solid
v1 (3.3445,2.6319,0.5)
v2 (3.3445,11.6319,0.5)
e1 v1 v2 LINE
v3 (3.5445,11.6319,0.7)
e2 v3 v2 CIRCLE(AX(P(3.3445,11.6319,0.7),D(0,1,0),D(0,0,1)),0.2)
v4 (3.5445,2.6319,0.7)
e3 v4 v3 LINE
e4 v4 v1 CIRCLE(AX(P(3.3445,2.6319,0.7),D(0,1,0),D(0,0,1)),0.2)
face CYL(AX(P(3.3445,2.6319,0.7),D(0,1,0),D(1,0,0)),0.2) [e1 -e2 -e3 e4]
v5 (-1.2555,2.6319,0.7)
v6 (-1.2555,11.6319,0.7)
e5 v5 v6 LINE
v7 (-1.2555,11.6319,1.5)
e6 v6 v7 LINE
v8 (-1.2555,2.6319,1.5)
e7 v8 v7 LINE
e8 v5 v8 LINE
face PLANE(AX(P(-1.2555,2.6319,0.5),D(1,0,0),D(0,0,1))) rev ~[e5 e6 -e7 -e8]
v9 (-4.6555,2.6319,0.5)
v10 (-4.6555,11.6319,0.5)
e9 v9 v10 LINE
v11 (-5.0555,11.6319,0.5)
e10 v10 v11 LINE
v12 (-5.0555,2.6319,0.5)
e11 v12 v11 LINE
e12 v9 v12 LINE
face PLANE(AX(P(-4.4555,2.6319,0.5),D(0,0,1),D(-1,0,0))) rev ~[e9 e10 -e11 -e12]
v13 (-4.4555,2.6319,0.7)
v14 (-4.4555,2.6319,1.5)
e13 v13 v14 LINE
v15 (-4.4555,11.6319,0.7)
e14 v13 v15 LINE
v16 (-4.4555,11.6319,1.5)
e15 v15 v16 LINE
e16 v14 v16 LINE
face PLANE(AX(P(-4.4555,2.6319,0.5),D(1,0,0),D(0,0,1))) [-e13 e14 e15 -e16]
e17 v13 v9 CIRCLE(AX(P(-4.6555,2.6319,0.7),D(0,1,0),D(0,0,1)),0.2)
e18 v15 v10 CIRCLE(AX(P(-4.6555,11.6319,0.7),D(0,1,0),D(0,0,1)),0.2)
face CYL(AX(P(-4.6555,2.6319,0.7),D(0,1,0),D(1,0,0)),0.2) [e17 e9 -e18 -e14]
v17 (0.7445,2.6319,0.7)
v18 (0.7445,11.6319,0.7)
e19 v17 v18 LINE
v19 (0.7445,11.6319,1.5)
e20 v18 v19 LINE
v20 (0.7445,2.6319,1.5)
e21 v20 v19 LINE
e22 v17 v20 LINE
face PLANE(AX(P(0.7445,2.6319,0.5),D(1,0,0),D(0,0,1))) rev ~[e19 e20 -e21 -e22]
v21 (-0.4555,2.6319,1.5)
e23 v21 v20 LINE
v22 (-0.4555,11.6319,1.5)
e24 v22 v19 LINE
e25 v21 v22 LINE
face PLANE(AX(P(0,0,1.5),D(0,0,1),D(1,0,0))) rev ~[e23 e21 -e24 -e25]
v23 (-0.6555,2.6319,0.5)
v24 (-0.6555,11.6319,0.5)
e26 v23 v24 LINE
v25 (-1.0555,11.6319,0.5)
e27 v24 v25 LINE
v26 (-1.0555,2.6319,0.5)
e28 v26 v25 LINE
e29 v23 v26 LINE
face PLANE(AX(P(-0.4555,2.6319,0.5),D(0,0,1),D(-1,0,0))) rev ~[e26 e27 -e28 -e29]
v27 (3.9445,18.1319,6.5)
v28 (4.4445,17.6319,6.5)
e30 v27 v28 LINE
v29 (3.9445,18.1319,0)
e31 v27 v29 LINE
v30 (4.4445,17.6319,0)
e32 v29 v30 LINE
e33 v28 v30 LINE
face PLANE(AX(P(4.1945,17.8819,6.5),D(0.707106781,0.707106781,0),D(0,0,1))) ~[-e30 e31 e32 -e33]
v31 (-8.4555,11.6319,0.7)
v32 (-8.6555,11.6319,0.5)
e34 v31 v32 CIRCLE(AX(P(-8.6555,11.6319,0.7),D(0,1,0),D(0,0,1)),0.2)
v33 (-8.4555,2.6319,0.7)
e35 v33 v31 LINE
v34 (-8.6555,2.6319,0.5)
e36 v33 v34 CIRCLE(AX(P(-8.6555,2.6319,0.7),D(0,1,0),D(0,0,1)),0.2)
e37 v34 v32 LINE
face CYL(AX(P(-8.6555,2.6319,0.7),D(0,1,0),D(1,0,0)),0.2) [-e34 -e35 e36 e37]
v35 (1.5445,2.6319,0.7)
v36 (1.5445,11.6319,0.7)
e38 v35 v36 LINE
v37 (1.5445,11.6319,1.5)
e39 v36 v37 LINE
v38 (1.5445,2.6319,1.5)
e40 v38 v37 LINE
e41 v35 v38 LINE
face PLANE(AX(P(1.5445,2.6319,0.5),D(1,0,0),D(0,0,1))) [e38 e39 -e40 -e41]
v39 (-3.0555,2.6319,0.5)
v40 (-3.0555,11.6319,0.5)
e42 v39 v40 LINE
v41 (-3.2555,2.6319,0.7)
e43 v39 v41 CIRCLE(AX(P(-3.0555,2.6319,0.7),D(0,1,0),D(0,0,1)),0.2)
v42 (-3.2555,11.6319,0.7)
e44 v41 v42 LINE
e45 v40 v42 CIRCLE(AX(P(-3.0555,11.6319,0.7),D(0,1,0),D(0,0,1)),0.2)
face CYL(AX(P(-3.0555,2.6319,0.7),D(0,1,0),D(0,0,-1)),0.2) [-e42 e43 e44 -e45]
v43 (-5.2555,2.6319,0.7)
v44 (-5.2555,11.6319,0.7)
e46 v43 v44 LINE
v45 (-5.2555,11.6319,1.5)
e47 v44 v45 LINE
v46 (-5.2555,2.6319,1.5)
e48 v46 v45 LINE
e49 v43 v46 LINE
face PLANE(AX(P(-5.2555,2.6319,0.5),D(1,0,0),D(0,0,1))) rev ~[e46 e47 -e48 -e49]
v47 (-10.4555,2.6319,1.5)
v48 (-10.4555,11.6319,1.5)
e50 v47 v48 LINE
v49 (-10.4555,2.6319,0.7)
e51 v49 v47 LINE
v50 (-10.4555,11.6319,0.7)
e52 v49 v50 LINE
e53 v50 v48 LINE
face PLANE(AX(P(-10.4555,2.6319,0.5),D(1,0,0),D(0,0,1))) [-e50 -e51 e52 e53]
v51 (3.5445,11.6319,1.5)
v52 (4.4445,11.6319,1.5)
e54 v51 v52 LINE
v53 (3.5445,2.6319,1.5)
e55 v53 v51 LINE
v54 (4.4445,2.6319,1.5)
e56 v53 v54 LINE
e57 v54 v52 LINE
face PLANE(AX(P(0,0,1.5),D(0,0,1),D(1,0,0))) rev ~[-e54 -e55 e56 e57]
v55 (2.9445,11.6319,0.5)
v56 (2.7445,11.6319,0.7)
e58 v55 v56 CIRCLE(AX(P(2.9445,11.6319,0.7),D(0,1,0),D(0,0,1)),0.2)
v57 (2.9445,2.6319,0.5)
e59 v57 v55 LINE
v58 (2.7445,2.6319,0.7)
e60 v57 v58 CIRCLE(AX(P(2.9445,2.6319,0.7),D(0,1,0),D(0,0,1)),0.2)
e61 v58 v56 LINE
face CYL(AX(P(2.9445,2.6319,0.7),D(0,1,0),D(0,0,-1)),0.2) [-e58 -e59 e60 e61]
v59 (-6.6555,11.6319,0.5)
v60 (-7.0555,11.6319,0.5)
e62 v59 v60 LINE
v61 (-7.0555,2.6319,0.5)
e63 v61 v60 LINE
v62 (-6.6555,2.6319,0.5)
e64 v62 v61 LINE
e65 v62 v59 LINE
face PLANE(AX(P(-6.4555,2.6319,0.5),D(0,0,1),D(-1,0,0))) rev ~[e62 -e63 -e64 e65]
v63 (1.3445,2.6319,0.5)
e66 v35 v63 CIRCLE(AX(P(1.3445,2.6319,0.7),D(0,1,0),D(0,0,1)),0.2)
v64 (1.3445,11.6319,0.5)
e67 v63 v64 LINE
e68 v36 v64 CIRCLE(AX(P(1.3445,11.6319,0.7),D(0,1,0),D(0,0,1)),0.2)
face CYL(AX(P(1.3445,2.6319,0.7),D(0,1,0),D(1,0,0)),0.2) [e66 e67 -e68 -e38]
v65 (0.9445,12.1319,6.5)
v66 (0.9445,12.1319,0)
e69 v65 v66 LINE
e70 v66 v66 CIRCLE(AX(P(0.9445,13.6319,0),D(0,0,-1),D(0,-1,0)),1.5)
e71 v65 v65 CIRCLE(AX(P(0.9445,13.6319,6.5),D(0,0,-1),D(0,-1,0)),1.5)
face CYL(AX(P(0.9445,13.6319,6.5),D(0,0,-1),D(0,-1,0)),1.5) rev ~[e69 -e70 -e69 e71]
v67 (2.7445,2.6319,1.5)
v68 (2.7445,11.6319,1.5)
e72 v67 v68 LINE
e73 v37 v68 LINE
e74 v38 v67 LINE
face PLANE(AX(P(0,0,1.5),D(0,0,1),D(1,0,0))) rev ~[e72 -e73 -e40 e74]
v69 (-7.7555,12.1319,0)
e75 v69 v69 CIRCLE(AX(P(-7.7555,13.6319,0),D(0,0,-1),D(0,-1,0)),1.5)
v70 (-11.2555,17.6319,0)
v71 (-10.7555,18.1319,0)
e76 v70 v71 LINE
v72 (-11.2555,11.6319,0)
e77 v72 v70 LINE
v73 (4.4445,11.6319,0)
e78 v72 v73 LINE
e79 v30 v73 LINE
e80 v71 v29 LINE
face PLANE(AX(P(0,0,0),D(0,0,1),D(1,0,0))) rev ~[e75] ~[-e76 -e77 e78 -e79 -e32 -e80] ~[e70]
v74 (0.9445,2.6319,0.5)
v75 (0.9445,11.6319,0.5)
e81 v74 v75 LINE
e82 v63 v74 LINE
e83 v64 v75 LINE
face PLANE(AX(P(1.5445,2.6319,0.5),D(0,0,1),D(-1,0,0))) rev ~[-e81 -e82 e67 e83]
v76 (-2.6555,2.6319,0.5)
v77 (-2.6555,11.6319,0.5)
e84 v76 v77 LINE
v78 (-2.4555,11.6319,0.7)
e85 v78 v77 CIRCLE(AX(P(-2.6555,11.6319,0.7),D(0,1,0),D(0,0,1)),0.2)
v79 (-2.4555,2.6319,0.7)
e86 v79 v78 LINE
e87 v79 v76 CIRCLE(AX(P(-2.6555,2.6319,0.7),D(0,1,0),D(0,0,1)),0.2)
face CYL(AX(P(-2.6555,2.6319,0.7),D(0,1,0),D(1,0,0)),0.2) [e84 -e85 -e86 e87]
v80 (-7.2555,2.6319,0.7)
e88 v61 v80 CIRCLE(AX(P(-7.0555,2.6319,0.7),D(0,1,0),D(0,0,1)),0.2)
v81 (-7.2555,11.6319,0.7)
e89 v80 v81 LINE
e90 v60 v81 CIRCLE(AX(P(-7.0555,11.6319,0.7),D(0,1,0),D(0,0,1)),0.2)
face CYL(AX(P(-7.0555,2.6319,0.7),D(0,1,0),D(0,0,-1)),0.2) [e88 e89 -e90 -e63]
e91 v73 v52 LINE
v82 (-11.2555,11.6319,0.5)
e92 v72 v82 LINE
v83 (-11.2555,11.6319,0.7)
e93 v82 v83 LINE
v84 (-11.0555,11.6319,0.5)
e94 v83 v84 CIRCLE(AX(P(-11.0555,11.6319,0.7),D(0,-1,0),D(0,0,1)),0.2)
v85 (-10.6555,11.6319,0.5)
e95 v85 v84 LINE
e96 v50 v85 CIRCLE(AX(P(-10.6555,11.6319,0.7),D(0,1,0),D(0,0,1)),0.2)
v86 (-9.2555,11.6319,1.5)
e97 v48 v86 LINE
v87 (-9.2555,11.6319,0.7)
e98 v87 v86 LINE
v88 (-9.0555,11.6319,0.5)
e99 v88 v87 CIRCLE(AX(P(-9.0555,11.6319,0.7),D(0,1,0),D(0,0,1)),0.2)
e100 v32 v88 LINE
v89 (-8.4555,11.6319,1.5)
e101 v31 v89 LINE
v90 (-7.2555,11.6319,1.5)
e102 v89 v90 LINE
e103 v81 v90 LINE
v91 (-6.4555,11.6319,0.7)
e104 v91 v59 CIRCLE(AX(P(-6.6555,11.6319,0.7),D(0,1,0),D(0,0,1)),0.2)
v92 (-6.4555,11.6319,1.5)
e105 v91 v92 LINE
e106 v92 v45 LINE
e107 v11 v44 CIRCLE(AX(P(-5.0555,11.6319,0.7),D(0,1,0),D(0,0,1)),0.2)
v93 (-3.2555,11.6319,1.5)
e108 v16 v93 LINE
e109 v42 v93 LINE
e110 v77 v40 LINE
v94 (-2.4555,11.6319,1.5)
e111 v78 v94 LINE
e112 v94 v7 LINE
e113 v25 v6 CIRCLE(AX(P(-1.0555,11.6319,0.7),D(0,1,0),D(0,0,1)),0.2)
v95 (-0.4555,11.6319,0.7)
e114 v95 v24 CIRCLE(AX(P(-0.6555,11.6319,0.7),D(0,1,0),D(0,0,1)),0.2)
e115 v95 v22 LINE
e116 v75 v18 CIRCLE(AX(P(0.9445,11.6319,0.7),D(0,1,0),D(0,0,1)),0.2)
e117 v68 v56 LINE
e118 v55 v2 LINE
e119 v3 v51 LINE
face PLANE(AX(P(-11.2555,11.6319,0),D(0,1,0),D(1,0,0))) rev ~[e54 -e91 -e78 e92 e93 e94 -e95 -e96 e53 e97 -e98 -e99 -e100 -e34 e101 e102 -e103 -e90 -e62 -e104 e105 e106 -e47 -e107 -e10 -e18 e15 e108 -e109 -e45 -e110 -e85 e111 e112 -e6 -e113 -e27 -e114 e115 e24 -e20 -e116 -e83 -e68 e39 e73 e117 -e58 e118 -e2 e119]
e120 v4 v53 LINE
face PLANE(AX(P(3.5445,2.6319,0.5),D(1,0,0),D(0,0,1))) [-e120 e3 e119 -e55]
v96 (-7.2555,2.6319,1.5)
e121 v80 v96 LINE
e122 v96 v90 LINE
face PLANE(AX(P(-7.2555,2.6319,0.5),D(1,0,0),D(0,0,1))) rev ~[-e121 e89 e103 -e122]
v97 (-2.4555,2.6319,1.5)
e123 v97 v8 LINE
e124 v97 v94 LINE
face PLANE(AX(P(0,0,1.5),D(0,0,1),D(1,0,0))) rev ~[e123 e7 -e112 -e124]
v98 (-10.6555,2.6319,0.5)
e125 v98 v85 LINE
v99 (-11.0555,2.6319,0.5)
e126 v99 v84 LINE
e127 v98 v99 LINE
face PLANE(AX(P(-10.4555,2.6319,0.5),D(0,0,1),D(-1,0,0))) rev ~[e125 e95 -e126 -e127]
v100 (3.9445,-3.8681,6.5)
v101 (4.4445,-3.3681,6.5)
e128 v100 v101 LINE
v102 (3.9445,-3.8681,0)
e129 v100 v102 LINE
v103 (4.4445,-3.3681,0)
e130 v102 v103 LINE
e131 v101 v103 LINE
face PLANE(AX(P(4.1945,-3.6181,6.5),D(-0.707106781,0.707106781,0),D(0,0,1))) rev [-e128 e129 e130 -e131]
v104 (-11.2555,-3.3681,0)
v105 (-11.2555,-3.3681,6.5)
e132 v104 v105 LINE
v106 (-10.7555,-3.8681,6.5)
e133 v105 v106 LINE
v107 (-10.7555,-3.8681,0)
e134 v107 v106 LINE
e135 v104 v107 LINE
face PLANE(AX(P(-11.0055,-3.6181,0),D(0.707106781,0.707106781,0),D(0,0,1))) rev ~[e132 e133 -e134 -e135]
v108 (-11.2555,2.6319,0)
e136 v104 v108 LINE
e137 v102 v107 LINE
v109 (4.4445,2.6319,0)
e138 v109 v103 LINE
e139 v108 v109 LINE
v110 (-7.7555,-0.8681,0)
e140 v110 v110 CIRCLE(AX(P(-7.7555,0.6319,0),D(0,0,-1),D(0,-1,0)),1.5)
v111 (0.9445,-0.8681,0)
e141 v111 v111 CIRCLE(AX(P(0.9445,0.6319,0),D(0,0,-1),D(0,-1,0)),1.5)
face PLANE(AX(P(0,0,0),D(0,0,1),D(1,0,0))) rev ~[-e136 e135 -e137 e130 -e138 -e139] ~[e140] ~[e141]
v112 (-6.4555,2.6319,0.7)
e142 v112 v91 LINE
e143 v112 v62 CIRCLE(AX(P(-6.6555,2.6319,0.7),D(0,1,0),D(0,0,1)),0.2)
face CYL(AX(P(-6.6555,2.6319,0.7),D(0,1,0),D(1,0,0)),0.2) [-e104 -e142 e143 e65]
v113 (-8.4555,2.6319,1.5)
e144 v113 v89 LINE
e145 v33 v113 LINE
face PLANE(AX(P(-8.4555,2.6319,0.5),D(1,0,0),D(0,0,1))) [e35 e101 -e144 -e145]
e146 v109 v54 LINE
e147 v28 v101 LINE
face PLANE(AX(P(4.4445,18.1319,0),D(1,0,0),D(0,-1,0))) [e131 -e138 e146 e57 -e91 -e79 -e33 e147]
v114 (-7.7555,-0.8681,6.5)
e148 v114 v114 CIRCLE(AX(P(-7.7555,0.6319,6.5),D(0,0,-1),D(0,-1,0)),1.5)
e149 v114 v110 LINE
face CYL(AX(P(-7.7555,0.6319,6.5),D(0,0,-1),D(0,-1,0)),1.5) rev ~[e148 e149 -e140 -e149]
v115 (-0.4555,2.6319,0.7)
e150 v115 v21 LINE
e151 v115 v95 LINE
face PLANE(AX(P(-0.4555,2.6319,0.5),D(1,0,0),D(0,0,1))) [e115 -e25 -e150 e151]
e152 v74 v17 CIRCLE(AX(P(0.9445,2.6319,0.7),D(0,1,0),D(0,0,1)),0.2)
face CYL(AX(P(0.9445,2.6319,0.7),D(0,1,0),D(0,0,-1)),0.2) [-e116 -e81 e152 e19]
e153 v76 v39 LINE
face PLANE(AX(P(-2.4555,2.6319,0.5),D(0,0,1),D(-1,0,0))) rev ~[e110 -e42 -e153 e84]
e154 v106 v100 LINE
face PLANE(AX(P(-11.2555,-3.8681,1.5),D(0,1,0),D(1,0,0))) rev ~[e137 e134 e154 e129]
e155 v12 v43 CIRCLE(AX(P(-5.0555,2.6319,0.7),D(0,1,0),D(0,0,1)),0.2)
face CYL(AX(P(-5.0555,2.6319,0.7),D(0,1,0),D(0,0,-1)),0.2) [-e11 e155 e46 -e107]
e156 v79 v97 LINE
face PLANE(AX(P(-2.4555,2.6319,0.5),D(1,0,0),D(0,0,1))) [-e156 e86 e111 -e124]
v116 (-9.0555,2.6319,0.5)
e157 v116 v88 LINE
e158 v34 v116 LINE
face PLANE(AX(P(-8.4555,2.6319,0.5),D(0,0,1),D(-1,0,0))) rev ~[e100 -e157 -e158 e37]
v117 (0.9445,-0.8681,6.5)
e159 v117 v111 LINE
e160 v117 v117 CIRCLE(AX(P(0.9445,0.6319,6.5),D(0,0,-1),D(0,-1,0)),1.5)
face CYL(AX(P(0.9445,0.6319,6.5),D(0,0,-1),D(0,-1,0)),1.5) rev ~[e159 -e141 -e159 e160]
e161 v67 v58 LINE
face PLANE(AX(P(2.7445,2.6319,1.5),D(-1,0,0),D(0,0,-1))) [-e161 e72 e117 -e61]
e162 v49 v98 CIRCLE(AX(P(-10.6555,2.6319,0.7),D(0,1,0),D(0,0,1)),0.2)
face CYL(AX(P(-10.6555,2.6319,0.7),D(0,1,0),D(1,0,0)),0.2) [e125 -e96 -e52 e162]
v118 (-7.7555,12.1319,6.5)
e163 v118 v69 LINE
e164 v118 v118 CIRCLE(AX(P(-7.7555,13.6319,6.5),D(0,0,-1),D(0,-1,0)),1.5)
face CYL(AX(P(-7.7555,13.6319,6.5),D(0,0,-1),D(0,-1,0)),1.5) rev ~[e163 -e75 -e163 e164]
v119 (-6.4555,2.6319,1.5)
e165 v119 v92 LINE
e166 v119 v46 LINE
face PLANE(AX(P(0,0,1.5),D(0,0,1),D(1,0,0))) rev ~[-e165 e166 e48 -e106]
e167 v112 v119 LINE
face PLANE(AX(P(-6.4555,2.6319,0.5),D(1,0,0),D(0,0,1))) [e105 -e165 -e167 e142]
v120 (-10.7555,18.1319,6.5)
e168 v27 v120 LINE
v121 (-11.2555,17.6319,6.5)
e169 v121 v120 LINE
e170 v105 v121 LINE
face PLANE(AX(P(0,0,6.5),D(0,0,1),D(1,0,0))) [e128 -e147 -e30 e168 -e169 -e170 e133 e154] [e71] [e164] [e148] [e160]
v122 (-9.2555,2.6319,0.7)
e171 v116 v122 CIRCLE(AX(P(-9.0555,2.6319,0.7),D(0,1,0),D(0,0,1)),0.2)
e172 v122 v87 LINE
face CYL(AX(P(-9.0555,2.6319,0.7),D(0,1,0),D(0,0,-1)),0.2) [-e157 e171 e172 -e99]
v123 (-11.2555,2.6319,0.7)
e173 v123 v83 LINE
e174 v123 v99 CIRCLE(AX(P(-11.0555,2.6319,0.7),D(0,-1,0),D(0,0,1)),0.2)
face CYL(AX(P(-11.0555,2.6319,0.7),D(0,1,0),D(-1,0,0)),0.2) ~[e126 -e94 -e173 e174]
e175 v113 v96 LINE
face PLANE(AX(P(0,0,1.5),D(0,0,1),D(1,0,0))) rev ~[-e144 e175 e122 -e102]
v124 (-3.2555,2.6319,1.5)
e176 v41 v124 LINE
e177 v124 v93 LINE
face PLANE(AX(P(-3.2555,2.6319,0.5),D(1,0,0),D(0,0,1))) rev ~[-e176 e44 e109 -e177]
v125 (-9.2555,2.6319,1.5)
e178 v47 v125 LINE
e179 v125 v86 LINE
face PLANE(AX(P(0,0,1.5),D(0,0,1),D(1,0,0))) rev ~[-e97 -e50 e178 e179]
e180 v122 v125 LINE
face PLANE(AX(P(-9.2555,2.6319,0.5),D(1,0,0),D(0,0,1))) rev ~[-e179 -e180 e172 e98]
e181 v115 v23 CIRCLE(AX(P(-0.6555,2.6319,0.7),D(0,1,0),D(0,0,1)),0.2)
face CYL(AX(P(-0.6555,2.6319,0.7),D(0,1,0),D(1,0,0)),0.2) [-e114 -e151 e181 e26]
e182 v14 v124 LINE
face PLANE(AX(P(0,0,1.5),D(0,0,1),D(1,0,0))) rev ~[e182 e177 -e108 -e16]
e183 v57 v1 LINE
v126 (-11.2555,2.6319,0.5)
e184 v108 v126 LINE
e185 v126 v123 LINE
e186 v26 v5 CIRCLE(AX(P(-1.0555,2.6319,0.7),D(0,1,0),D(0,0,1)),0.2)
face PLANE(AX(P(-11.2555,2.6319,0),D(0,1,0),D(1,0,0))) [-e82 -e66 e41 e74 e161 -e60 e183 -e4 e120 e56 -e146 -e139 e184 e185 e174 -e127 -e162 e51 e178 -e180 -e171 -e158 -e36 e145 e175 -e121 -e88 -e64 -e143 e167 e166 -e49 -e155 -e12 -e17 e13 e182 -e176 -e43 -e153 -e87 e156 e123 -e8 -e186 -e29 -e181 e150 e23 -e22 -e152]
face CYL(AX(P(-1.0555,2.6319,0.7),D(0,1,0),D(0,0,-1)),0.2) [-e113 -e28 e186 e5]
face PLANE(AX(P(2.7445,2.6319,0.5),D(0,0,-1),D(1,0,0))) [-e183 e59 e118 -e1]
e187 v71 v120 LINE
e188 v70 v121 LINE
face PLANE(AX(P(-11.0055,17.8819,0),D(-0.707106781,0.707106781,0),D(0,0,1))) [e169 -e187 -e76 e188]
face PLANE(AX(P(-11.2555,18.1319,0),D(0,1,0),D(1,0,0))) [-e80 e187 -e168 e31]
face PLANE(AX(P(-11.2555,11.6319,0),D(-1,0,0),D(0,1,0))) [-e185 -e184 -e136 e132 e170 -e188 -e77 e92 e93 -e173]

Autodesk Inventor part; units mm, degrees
ref_plane "YZ Plane" through (0, 0, 0) normal (1, 0, 0) x (0, 1, 0)
ref_plane "XZ Plane" through (0, 0, 0) normal (0, 1, 0) x (-1, 0, 0)
ref_plane "XY Plane" through (0, 0, 0) normal (0, 0, 1) x (1, 0, 0)
sketch "Szkic1" plane through (0, 0, 0) normal (0, 0, 1) x (1, 0, 0)
  line L0 (-11.2555, 18.1319) -> (4.4445, 18.1319)
  line L1 (4.4445, 18.1319) -> (4.4445, -3.8681)
  line L2 (4.4445, -3.8681) -> (-11.2555, -3.8681)
  line L3 (-11.2555, -3.8681) -> (-11.2555, 18.1319)
  line L4 (-11.2555, 2.6319) -> (4.4445, 2.6319)
  line L5 (-11.2555, 11.6319) -> (4.4445, 11.6319)
  point P0 (0, 0)
  dimension "d0" = 15.7
  dimension "d1" = 22
  dimension "d2" = 9
  dimension "d3" = 6.5
  dimension "d4" = 6.5
extrude "Wyciągnięcie proste1" add sketch "Szkic1" along normal blind 1.5 contours L0 L1 L5 L3 | L4 L1 L2 L3
sketch "Szkic2" plane through (0, 0, 1.5) normal (0, 0, 1) x (1, 0, 0)
  line L0 (-11.2555, 18.1319) -> (-11.2555, 11.6319) projected
  line L1 (-11.2555, 18.1319) -> (-11.2555, 11.6319) projected
  line L2 (-11.2555, 11.6319) -> (4.4445, 11.6319) projected
  line L3 (4.4445, 11.6319) -> (4.4445, 18.1319) projected
  line L4 (4.4445, 18.1319) -> (-11.2555, 18.1319) projected
  line L5 (4.4445, -3.8681) -> (4.4445, 2.6319) projected
  line L6 (4.4445, 2.6319) -> (-11.2555, 2.6319) projected
  line L7 (-11.2555, 2.6319) -> (-11.2555, -3.8681) projected
  line L8 (-11.2555, -3.8681) -> (4.4445, -3.8681) projected
  line L9 (4.4445, 18.1319) -> (-11.2555, 18.1319) projected
  line L10 (-11.2555, 18.1319) -> (4.4445, 18.1319)
  line L11 (4.4445, 18.1319) -> (4.4445, -3.8681)
  line L12 (4.4445, -3.8681) -> (-11.2555, -3.8681)
  line L13 (-11.2555, -3.8681) -> (-11.2555, 18.1319)
  point P0 (0, 0)
extrude "Wyciągnięcie proste2" add sketch "Szkic2" along normal blind 5
sketch "Szkic3" plane through (0, 0, 6.5) normal (0, 0, 1) x (1, 0, 0)
  line L0 (-11.2555, 11.6319) -> (4.4445, 11.6319) projected
  line L1 (4.4445, 2.6319) -> (-11.2555, 2.6319) projected
  line L2 (-11.2555, 18.1319) -> (-11.2555, -3.8681) projected
  line L3 (-11.2555, -3.8681) -> (4.4445, -3.8681) projected
  line L4 (4.4445, -3.8681) -> (4.4445, 18.1319) projected
  line L5 (4.4445, 18.1319) -> (-11.2555, 18.1319) projected
  point P0 (0, 0)
  point P1 (-7.7555, 13.6319)
  point P2 (0.9445, 13.6319)
  point P3 (-7.7555, 0.6319)
  point P4 (0.9445, 0.6319)
  dimension "d9" = 2
  dimension "d10" = 2
  dimension "d11" = 2
  dimension "d12" = 2
  dimension "d13" = 15.7
  dimension "d14" = 3.5
  dimension "d15" = 3.5
  dimension "d16" = 3.5
  dimension "d17" = 3.5
hole "Otwór1" at (-7.7555, 13.6319, 6.5) at (0.9445, 13.6319, 6.5) at (-7.7555, 0.6319, 6.5) at (0.9445, 0.6319, 6.5) direction (0, 0, -1) diameter 3 end through all
sketch "Szkic5" plane through (-11.2555, 2.6319, 0) normal (0, 1, 0) x (1, 0, 0)
  line L0 (0, 0) -> (15.7, 0) projected
  line L1 (15.7, 0) -> (15.7, -6.5) projected
  line L2 (0, -6.5) -> (15.7, -6.5) projected
  line L3 (0, 0) -> (0, -6.5) projected
  line L4 (12.8, -0.5) -> (12, -0.5)
  line L5 (12, -0.5) -> (12, -1.5)
  line L6 (10.8, -0.5) -> (10.8, -1.5)
  line L7 (10.8, -0.5) -> (10, -0.5)
  line L8 (10, -0.5) -> (10, -1.5)
  line L9 (8.8, -0.5) -> (8.8, -1.5)
  line L10 (8.8, -0.5) -> (8, -0.5)
  line L11 (8, -0.5) -> (8, -1.5)
  line L12 (6.8, -0.5) -> (6.8, -1.5)
  line L13 (6.8, -0.5) -> (6, -0.5)
  line L14 (6, -0.5) -> (6, -1.5)
  line L15 (4.8, -0.5) -> (4.8, -1.5)
  line L16 (4.8, -0.5) -> (4, -0.5)
  line L17 (4, -0.5) -> (4, -1.5)
  line L18 (2.8, -0.5) -> (2.8, -1.5)
  line L19 (2.8, -0.5) -> (2, -0.5)
  line L20 (2, -0.5) -> (2, -1.5)
  line L21 (0.8, -0.5) -> (0.8, -1.5)
  line L22 (0.8, -0.5) -> (0, -0.5)
  line L23 (12.8, -0.5) -> (12.8, -1.5)
  line L24 (14, -1.5) -> (14, -0.5)
  line L25 (14, -0.5) -> (14.8, -0.5)
  line L26 (14.8, -0.5) -> (14.8, -1.5)
  line L27 (0, -1.5) -> (0.8, -1.5)
  line L28 (2, -1.5) -> (2.8, -1.5)
  line L29 (4, -1.5) -> (4.8, -1.5)
  line L30 (6, -1.5) -> (6.8, -1.5)
  line L31 (8, -1.5) -> (8.8, -1.5)
  line L32 (10, -1.5) -> (10.8, -1.5)
  line L33 (12, -1.5) -> (12.8, -1.5)
  line L34 (14, -1.5) -> (14.8, -1.5)
  line L35 (0, -1.5) -> (0, -0.5)
  line L36 (0, 0) -> (0, -6.5) projected
  point P0 (11.2555, 0)
  dimension "d27" = 0.8
  dimension "d28" = 1.2
  dimension "d41" = 1
  dimension "d42" = 0.5
  dimension "d43" = 0.5
  dimension "d44" = 0.5
  dimension "d45" = 0.5
  dimension "d46" = 0.5
  dimension "d47" = 0.5
  dimension "d48" = 0.5
  dimension "d49" = 0.5
  dimension "d50" = 1
extrude "Wyciągnięcie proste3" add sketch "Szkic5" along normal blind 9 contours L22 L21 L27 L3 | L23 L33 L5 L4 | L6 L32 L8 L7 | L9 L31 L11 L10 | L12 L30 L14 L13 | L15 L29 L17 L16 | L18 L28 L20 L19 | L24 L25 L26 L34
fillet "Zaokrąglenie1" radius 0.2 16 edges at (-9.2555, 7.1319, 0.5) (-8.4555, 7.1319, 0.5) (-7.2555, 7.1319, 0.5) (-6.4555, 7.1319, 0.5) (-5.2555, 7.1319, 0.5) (-4.4555, 7.1319, 0.5) (-3.2555, 7.1319, 0.5) (-2.4555, 7.1319, 0.5) (-1.2555, 7.1319, 0.5) (-0.4555, 7.1319, 0.5) (0.7445, 7.1319, 0.5) (1.5445, 7.1319, 0.5) (2.7445, 7.1319, 0.5) (3.5445, 7.1319, 0.5) (-10.4555, 7.1319, 0.5) (-11.2555, 7.1319, 0.5)
chamfer "Faza1" distance 0.5 angle 45 4 edges at (-11.2555, -3.8681, 3.25) (4.4445, -3.8681, 3.25) (-11.2555, 18.1319, 3.25) (4.4445, 18.1319, 3.25)
equation "\"d10\" = d9"
equation "\"d11\" = d9"
equation "\"d12\" = d9"
equation "\"d15\" = d14"
equation "\"d16\" = d14"
equation "\"d17\" = d14"
equation "\"d43\" = d42"
equation "\"d44\" = d42"
equation "\"d45\" = d42"
equation "\"d46\" = d42"
equation "\"d47\" = d42"
equation "\"d48\" = d42"
equation "\"d49\" = d42"
properties part number "3DP_ABS_X_Axis_Timing_Belt_Clamp"
